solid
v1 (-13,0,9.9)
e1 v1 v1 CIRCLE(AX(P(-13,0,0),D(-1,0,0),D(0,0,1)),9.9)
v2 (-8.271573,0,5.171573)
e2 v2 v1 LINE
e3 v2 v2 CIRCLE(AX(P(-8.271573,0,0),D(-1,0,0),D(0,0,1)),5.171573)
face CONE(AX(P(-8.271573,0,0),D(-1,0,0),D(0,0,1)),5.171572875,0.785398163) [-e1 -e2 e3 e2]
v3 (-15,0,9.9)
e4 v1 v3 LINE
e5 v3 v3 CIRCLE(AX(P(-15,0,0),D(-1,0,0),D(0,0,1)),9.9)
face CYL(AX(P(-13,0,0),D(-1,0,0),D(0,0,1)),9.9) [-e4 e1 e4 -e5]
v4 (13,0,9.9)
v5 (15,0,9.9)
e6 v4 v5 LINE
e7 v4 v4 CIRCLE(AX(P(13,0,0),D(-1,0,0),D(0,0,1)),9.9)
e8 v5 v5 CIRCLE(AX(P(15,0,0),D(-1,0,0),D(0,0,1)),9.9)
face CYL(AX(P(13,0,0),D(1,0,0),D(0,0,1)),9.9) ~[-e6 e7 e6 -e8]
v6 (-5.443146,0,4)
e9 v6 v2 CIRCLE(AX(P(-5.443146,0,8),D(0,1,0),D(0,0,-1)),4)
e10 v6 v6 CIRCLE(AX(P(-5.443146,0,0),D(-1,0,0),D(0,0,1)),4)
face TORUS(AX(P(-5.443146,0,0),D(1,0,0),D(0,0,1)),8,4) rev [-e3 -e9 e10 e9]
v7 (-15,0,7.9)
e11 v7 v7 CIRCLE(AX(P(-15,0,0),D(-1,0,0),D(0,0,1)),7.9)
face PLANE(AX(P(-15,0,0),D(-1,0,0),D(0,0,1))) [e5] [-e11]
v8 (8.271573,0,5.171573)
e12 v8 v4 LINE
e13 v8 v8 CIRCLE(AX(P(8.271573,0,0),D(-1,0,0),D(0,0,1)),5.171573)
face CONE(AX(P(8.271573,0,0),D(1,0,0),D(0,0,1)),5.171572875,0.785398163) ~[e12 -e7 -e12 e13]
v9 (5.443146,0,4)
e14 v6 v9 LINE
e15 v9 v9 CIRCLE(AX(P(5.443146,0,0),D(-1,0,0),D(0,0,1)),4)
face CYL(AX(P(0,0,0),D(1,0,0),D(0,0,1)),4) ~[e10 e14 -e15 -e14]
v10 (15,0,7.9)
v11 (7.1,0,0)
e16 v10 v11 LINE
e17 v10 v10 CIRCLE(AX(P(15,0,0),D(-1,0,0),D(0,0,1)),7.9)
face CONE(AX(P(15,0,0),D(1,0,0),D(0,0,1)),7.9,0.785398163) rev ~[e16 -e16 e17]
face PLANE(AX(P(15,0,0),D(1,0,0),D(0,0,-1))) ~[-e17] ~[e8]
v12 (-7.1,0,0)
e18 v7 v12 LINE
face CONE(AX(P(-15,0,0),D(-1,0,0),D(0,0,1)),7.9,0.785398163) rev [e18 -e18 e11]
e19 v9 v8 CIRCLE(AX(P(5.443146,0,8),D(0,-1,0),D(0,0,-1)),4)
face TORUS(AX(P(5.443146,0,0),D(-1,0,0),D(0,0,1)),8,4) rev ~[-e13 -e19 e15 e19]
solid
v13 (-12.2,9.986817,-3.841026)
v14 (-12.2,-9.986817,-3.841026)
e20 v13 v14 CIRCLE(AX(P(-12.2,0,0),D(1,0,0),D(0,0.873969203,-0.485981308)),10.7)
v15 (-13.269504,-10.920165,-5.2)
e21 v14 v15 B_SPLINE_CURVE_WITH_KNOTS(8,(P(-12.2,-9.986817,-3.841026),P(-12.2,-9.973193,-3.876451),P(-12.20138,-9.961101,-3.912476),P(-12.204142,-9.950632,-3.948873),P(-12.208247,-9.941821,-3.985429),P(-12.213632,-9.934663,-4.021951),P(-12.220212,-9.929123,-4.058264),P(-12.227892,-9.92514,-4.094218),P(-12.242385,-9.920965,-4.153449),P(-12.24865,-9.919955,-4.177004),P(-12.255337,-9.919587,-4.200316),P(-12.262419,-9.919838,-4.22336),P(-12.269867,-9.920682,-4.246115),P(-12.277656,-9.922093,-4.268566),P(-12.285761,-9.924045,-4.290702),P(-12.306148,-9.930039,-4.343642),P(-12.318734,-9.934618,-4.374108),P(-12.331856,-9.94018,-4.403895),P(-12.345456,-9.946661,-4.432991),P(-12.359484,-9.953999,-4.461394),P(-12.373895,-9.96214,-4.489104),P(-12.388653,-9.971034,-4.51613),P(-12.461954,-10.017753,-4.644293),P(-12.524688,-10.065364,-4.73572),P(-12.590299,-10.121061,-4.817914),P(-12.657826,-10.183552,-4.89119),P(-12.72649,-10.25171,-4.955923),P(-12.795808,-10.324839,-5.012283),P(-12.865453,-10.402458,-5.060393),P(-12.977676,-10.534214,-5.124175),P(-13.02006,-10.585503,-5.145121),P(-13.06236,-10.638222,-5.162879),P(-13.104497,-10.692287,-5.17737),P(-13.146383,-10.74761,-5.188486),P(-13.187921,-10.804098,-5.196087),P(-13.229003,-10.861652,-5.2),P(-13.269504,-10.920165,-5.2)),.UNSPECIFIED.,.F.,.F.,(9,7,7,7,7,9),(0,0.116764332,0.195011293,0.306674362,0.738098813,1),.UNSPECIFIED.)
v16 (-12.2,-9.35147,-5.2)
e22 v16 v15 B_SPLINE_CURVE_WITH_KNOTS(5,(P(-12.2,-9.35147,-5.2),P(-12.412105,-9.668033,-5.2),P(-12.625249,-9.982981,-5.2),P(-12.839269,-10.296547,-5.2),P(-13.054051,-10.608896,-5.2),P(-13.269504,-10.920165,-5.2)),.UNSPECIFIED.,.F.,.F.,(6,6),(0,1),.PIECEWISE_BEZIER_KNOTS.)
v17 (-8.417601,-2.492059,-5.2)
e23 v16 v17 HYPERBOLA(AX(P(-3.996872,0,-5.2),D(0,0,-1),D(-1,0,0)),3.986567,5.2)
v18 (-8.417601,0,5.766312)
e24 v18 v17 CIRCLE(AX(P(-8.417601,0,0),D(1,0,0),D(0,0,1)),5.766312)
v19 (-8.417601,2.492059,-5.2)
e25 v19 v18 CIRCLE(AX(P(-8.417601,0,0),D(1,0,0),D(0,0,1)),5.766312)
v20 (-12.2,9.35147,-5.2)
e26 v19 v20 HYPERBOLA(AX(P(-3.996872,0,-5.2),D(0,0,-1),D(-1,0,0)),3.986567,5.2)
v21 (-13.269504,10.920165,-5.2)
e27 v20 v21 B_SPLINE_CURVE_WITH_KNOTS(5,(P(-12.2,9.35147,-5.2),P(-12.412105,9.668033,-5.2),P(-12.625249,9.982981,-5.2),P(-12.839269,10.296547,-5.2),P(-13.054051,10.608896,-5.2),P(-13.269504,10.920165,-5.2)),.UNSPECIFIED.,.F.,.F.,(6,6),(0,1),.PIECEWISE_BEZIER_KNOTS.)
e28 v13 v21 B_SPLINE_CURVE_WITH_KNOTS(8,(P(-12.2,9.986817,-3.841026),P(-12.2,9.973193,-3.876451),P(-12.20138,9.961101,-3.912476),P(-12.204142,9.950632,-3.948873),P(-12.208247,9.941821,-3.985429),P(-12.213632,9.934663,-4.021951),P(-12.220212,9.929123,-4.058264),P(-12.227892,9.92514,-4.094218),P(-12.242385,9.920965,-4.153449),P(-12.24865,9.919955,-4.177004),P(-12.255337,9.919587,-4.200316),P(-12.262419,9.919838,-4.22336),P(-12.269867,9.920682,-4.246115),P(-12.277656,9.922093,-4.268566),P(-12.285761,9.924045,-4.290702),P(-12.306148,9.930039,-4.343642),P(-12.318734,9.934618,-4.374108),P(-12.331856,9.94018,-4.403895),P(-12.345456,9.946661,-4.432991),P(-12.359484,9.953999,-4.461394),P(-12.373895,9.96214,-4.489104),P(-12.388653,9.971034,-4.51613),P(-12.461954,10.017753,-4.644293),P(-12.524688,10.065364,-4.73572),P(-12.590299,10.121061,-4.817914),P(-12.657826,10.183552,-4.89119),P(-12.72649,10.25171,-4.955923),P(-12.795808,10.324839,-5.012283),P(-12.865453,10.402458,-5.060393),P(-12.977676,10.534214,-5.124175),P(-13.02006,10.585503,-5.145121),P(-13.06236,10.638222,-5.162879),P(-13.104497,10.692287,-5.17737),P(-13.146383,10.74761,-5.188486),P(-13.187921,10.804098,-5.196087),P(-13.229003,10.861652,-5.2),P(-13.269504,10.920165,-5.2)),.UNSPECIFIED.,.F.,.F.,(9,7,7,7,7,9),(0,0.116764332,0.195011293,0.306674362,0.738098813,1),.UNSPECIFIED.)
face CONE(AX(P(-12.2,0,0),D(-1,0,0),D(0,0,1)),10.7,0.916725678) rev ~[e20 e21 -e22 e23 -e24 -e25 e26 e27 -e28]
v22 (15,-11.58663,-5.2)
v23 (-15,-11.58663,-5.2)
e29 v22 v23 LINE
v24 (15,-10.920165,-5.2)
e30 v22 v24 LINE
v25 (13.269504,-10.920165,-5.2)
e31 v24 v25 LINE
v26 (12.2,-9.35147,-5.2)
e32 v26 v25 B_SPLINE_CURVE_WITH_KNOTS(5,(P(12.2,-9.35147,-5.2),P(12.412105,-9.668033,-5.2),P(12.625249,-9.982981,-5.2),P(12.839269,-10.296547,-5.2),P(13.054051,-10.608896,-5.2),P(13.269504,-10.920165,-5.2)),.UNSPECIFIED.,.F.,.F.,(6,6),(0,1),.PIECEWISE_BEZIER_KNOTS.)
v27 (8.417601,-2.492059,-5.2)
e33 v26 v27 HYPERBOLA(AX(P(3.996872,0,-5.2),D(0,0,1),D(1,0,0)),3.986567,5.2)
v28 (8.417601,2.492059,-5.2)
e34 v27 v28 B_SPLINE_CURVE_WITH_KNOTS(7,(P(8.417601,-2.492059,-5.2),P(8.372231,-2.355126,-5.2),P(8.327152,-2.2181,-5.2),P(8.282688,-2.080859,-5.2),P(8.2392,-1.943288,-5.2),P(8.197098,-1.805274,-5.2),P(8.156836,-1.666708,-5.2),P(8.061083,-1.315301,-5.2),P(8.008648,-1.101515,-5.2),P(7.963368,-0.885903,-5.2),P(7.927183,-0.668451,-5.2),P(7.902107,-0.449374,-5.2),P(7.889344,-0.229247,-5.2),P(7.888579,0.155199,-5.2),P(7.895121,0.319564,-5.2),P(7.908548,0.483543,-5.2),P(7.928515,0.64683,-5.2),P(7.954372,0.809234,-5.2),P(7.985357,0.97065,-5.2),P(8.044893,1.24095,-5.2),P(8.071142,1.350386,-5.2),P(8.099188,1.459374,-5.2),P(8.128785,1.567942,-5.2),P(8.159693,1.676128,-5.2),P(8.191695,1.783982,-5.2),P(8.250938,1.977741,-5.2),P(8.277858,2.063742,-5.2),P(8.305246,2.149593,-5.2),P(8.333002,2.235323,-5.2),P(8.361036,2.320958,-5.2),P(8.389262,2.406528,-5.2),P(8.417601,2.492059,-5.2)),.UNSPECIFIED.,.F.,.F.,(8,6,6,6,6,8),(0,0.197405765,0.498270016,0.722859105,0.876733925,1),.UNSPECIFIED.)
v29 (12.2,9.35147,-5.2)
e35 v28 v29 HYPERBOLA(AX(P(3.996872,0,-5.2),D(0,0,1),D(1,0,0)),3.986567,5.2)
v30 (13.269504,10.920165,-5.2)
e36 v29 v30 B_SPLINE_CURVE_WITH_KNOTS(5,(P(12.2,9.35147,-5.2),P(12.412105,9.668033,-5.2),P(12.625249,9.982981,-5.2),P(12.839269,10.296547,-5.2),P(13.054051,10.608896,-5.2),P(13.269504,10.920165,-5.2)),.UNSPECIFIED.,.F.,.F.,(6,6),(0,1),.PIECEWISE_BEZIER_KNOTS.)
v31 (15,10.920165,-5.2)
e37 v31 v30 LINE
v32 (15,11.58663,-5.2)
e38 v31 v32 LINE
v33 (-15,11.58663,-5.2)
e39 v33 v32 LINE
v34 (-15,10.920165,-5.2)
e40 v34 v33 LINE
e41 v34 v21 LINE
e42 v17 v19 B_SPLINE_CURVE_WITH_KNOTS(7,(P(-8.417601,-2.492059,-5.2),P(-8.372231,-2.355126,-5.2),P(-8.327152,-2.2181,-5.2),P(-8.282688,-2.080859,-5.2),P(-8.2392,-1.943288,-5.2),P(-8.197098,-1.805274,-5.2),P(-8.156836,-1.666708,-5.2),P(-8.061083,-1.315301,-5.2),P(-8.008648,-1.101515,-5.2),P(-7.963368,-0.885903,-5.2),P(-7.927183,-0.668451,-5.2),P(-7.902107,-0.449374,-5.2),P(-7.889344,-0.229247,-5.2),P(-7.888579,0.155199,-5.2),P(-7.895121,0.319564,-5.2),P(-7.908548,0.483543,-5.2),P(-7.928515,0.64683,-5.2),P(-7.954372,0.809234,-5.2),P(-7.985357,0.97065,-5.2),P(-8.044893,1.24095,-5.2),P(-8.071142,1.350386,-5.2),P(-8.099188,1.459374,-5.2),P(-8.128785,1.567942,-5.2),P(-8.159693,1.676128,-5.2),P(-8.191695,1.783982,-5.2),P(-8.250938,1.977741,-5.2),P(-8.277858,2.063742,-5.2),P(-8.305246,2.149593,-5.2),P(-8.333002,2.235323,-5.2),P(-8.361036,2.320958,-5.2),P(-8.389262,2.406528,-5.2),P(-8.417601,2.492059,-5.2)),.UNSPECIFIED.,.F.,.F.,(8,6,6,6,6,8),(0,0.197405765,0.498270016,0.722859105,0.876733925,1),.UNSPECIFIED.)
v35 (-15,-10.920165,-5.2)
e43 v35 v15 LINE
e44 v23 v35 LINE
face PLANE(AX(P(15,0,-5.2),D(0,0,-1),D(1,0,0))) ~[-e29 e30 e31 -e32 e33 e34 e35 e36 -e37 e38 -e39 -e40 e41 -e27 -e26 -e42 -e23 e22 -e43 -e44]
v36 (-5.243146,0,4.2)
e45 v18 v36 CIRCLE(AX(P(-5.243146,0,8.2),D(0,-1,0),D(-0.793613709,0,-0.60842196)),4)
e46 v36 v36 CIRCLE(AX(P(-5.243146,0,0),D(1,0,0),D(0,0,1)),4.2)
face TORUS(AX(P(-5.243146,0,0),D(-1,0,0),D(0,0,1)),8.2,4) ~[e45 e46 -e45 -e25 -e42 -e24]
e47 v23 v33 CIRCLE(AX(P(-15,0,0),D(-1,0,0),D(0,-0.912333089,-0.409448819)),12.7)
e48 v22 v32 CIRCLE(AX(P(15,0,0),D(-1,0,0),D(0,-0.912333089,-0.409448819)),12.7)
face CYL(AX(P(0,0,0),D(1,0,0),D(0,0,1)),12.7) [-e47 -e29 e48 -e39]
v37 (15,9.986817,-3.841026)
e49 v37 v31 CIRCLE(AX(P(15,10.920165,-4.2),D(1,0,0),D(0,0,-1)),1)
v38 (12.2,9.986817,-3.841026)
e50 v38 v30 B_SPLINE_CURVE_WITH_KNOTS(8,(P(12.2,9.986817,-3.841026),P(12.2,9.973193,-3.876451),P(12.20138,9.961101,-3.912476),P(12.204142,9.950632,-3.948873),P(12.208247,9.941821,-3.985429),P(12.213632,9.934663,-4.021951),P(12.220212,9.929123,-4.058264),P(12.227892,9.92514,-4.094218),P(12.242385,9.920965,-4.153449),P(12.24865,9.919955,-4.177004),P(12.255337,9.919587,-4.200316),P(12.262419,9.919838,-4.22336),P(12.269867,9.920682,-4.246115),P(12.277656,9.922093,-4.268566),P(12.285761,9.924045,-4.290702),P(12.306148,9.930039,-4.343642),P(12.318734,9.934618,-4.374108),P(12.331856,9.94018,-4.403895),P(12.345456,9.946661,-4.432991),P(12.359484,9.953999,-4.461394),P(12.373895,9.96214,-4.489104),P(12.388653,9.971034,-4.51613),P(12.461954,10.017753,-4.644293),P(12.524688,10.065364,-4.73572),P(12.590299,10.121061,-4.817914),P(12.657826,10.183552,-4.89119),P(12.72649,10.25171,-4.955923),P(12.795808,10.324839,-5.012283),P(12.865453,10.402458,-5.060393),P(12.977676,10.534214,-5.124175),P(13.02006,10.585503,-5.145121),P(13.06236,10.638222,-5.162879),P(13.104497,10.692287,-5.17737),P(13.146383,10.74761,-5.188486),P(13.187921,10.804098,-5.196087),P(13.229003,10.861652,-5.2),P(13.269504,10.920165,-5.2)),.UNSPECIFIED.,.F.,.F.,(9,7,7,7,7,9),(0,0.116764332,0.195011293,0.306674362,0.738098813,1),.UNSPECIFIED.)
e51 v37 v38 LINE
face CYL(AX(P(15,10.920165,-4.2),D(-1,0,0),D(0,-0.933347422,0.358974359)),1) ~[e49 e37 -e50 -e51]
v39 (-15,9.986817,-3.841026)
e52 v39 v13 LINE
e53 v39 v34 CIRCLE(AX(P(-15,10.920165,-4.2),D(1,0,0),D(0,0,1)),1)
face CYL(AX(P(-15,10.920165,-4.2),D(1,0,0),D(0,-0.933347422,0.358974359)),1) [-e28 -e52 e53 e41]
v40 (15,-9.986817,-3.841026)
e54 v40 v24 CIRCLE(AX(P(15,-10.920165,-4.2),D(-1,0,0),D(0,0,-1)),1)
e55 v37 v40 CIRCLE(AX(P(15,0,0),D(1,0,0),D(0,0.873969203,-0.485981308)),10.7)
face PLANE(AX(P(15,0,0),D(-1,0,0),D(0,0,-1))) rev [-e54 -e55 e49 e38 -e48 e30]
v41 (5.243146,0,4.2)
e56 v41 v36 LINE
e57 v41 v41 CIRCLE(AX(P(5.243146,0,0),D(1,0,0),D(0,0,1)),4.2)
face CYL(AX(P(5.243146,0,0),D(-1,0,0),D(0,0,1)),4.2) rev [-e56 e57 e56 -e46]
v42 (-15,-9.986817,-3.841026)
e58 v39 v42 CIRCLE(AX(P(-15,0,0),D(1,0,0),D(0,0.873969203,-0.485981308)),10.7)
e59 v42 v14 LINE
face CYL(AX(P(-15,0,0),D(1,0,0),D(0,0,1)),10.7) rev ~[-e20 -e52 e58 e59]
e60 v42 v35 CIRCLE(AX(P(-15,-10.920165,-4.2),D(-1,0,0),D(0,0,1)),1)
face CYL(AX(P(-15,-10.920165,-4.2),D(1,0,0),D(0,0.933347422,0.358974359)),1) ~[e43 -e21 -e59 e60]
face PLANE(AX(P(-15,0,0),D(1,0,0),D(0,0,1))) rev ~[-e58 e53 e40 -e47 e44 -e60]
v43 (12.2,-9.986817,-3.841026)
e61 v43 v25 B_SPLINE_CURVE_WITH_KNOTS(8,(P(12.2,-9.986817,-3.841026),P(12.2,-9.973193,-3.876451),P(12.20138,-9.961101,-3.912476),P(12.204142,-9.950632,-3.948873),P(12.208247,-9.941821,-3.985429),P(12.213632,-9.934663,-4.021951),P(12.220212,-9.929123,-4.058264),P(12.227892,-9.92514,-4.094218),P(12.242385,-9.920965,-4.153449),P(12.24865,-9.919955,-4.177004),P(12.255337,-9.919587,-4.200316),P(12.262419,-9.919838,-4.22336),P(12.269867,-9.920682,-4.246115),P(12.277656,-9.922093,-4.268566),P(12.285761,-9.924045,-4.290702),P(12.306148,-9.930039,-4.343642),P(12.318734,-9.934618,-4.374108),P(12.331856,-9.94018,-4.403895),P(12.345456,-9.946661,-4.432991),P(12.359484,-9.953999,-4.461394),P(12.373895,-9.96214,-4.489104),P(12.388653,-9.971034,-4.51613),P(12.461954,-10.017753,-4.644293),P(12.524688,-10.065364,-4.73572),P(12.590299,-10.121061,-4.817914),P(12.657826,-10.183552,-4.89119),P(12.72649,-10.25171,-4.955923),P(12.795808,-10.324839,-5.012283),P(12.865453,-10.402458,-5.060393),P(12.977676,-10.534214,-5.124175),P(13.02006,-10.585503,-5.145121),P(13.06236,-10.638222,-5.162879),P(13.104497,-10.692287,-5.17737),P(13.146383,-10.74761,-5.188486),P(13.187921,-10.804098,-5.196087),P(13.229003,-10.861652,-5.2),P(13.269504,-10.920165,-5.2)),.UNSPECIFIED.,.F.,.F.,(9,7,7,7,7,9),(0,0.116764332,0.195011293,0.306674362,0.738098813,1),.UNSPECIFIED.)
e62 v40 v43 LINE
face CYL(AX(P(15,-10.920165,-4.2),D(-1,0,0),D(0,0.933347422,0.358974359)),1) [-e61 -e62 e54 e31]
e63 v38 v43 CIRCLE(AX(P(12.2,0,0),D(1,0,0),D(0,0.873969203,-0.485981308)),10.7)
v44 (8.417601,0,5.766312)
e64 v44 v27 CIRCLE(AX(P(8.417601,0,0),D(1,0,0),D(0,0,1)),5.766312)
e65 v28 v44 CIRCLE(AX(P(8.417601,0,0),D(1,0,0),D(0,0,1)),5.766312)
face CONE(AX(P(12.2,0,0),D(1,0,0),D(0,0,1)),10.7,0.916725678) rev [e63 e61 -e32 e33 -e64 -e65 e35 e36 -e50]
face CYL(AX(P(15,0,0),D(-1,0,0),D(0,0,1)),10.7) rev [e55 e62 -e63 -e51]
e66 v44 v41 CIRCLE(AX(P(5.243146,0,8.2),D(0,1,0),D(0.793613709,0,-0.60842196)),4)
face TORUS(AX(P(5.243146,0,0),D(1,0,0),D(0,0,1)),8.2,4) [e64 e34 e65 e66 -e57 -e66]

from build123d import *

# Parameters (mm, degrees)
F9_W      = 15
F9_H      = 7.5
F11_DEPTH = 12.7
F15_R     = 1


with BuildPart() as f10:
    # F8 (on face) → F10 (revolve)
    with BuildSketch(Plane.XZ):
        with BuildLine():
            Line((-15, 12.7), (-15, 10.7))
            Line((-15, 10.7), (-12.2, 10.7))
            Line((-12.2, 10.7), (-8.4176005846, 5.7663121592))
            ThreePointArc((-8.4176005846, 5.7663121592), (-7.0130678726, 4.6128875566), (-5.2431457505, 4.2))
            Line((-5.2431457505, 4.2), (0, 4.2))
            Line((0, 4.2), (0, 12.7))
            Line((0, 12.7), (-15, 12.7))
        make_face()
    revolve(axis=Axis((-7.5, 0, 0), (1, 0, 0)))

    # F9 (on face) → F11 (cut, symmetric)
    with BuildSketch(Plane.XZ):
        with Locations((-7.5, -8.95)):
            Rectangle(F9_W, F9_H)
    extrude(amount=F11_DEPTH, both=True, mode=Mode.SUBTRACT)

    # F14: F10 across face


with BuildPart() as f12:
    # F6 (on Front) → F12 (revolve)
    with BuildSketch(Plane.XZ):
        with BuildLine():
            Line((-7.1, 0), (0, 0))
            Line((0, 0), (0, 4))
            Line((0, 4), (-5.4431457505, 4))
            ThreePointArc((-5.4431457505, 4), (-6.97387948, 4.30448187), (-8.2715728753, 5.1715728753))
            Line((-8.2715728753, 5.1715728753), (-13, 9.9))
            Line((-13, 9.9), (-15, 9.9))
            Line((-15, 9.9), (-15, 7.9))
            Line((-15, 7.9), (-7.1, 0))
        make_face()
    revolve(axis=Axis((-3.55, 0, 0), (-1, 0, 0)))

    # F13: F12 across face


with BuildPart() as f12_1:
    add(f12.part)
    add(f12.part.mirror(Plane.YZ))


with BuildPart() as f10_1:
    add(f10.part)
    add(f10.part.mirror(Plane(origin=(0, 0, 3.1787816923), x_dir=(0, 1, 0), z_dir=(1, 0, 0))))

    # F15
    f15_edges = [f10_1.edges().sort_by_distance(p)[0] for p in [
        (-13.6, -9.35147, -5.2),
        (-13.6, 9.35147, -5.2),
        (13.6, -9.35147, -5.2),
        (13.6, 9.35147, -5.2),
    ]]
    fillet(f15_edges, radius=F15_R)


solid = Compound([f12_1.part, f10_1.part])
